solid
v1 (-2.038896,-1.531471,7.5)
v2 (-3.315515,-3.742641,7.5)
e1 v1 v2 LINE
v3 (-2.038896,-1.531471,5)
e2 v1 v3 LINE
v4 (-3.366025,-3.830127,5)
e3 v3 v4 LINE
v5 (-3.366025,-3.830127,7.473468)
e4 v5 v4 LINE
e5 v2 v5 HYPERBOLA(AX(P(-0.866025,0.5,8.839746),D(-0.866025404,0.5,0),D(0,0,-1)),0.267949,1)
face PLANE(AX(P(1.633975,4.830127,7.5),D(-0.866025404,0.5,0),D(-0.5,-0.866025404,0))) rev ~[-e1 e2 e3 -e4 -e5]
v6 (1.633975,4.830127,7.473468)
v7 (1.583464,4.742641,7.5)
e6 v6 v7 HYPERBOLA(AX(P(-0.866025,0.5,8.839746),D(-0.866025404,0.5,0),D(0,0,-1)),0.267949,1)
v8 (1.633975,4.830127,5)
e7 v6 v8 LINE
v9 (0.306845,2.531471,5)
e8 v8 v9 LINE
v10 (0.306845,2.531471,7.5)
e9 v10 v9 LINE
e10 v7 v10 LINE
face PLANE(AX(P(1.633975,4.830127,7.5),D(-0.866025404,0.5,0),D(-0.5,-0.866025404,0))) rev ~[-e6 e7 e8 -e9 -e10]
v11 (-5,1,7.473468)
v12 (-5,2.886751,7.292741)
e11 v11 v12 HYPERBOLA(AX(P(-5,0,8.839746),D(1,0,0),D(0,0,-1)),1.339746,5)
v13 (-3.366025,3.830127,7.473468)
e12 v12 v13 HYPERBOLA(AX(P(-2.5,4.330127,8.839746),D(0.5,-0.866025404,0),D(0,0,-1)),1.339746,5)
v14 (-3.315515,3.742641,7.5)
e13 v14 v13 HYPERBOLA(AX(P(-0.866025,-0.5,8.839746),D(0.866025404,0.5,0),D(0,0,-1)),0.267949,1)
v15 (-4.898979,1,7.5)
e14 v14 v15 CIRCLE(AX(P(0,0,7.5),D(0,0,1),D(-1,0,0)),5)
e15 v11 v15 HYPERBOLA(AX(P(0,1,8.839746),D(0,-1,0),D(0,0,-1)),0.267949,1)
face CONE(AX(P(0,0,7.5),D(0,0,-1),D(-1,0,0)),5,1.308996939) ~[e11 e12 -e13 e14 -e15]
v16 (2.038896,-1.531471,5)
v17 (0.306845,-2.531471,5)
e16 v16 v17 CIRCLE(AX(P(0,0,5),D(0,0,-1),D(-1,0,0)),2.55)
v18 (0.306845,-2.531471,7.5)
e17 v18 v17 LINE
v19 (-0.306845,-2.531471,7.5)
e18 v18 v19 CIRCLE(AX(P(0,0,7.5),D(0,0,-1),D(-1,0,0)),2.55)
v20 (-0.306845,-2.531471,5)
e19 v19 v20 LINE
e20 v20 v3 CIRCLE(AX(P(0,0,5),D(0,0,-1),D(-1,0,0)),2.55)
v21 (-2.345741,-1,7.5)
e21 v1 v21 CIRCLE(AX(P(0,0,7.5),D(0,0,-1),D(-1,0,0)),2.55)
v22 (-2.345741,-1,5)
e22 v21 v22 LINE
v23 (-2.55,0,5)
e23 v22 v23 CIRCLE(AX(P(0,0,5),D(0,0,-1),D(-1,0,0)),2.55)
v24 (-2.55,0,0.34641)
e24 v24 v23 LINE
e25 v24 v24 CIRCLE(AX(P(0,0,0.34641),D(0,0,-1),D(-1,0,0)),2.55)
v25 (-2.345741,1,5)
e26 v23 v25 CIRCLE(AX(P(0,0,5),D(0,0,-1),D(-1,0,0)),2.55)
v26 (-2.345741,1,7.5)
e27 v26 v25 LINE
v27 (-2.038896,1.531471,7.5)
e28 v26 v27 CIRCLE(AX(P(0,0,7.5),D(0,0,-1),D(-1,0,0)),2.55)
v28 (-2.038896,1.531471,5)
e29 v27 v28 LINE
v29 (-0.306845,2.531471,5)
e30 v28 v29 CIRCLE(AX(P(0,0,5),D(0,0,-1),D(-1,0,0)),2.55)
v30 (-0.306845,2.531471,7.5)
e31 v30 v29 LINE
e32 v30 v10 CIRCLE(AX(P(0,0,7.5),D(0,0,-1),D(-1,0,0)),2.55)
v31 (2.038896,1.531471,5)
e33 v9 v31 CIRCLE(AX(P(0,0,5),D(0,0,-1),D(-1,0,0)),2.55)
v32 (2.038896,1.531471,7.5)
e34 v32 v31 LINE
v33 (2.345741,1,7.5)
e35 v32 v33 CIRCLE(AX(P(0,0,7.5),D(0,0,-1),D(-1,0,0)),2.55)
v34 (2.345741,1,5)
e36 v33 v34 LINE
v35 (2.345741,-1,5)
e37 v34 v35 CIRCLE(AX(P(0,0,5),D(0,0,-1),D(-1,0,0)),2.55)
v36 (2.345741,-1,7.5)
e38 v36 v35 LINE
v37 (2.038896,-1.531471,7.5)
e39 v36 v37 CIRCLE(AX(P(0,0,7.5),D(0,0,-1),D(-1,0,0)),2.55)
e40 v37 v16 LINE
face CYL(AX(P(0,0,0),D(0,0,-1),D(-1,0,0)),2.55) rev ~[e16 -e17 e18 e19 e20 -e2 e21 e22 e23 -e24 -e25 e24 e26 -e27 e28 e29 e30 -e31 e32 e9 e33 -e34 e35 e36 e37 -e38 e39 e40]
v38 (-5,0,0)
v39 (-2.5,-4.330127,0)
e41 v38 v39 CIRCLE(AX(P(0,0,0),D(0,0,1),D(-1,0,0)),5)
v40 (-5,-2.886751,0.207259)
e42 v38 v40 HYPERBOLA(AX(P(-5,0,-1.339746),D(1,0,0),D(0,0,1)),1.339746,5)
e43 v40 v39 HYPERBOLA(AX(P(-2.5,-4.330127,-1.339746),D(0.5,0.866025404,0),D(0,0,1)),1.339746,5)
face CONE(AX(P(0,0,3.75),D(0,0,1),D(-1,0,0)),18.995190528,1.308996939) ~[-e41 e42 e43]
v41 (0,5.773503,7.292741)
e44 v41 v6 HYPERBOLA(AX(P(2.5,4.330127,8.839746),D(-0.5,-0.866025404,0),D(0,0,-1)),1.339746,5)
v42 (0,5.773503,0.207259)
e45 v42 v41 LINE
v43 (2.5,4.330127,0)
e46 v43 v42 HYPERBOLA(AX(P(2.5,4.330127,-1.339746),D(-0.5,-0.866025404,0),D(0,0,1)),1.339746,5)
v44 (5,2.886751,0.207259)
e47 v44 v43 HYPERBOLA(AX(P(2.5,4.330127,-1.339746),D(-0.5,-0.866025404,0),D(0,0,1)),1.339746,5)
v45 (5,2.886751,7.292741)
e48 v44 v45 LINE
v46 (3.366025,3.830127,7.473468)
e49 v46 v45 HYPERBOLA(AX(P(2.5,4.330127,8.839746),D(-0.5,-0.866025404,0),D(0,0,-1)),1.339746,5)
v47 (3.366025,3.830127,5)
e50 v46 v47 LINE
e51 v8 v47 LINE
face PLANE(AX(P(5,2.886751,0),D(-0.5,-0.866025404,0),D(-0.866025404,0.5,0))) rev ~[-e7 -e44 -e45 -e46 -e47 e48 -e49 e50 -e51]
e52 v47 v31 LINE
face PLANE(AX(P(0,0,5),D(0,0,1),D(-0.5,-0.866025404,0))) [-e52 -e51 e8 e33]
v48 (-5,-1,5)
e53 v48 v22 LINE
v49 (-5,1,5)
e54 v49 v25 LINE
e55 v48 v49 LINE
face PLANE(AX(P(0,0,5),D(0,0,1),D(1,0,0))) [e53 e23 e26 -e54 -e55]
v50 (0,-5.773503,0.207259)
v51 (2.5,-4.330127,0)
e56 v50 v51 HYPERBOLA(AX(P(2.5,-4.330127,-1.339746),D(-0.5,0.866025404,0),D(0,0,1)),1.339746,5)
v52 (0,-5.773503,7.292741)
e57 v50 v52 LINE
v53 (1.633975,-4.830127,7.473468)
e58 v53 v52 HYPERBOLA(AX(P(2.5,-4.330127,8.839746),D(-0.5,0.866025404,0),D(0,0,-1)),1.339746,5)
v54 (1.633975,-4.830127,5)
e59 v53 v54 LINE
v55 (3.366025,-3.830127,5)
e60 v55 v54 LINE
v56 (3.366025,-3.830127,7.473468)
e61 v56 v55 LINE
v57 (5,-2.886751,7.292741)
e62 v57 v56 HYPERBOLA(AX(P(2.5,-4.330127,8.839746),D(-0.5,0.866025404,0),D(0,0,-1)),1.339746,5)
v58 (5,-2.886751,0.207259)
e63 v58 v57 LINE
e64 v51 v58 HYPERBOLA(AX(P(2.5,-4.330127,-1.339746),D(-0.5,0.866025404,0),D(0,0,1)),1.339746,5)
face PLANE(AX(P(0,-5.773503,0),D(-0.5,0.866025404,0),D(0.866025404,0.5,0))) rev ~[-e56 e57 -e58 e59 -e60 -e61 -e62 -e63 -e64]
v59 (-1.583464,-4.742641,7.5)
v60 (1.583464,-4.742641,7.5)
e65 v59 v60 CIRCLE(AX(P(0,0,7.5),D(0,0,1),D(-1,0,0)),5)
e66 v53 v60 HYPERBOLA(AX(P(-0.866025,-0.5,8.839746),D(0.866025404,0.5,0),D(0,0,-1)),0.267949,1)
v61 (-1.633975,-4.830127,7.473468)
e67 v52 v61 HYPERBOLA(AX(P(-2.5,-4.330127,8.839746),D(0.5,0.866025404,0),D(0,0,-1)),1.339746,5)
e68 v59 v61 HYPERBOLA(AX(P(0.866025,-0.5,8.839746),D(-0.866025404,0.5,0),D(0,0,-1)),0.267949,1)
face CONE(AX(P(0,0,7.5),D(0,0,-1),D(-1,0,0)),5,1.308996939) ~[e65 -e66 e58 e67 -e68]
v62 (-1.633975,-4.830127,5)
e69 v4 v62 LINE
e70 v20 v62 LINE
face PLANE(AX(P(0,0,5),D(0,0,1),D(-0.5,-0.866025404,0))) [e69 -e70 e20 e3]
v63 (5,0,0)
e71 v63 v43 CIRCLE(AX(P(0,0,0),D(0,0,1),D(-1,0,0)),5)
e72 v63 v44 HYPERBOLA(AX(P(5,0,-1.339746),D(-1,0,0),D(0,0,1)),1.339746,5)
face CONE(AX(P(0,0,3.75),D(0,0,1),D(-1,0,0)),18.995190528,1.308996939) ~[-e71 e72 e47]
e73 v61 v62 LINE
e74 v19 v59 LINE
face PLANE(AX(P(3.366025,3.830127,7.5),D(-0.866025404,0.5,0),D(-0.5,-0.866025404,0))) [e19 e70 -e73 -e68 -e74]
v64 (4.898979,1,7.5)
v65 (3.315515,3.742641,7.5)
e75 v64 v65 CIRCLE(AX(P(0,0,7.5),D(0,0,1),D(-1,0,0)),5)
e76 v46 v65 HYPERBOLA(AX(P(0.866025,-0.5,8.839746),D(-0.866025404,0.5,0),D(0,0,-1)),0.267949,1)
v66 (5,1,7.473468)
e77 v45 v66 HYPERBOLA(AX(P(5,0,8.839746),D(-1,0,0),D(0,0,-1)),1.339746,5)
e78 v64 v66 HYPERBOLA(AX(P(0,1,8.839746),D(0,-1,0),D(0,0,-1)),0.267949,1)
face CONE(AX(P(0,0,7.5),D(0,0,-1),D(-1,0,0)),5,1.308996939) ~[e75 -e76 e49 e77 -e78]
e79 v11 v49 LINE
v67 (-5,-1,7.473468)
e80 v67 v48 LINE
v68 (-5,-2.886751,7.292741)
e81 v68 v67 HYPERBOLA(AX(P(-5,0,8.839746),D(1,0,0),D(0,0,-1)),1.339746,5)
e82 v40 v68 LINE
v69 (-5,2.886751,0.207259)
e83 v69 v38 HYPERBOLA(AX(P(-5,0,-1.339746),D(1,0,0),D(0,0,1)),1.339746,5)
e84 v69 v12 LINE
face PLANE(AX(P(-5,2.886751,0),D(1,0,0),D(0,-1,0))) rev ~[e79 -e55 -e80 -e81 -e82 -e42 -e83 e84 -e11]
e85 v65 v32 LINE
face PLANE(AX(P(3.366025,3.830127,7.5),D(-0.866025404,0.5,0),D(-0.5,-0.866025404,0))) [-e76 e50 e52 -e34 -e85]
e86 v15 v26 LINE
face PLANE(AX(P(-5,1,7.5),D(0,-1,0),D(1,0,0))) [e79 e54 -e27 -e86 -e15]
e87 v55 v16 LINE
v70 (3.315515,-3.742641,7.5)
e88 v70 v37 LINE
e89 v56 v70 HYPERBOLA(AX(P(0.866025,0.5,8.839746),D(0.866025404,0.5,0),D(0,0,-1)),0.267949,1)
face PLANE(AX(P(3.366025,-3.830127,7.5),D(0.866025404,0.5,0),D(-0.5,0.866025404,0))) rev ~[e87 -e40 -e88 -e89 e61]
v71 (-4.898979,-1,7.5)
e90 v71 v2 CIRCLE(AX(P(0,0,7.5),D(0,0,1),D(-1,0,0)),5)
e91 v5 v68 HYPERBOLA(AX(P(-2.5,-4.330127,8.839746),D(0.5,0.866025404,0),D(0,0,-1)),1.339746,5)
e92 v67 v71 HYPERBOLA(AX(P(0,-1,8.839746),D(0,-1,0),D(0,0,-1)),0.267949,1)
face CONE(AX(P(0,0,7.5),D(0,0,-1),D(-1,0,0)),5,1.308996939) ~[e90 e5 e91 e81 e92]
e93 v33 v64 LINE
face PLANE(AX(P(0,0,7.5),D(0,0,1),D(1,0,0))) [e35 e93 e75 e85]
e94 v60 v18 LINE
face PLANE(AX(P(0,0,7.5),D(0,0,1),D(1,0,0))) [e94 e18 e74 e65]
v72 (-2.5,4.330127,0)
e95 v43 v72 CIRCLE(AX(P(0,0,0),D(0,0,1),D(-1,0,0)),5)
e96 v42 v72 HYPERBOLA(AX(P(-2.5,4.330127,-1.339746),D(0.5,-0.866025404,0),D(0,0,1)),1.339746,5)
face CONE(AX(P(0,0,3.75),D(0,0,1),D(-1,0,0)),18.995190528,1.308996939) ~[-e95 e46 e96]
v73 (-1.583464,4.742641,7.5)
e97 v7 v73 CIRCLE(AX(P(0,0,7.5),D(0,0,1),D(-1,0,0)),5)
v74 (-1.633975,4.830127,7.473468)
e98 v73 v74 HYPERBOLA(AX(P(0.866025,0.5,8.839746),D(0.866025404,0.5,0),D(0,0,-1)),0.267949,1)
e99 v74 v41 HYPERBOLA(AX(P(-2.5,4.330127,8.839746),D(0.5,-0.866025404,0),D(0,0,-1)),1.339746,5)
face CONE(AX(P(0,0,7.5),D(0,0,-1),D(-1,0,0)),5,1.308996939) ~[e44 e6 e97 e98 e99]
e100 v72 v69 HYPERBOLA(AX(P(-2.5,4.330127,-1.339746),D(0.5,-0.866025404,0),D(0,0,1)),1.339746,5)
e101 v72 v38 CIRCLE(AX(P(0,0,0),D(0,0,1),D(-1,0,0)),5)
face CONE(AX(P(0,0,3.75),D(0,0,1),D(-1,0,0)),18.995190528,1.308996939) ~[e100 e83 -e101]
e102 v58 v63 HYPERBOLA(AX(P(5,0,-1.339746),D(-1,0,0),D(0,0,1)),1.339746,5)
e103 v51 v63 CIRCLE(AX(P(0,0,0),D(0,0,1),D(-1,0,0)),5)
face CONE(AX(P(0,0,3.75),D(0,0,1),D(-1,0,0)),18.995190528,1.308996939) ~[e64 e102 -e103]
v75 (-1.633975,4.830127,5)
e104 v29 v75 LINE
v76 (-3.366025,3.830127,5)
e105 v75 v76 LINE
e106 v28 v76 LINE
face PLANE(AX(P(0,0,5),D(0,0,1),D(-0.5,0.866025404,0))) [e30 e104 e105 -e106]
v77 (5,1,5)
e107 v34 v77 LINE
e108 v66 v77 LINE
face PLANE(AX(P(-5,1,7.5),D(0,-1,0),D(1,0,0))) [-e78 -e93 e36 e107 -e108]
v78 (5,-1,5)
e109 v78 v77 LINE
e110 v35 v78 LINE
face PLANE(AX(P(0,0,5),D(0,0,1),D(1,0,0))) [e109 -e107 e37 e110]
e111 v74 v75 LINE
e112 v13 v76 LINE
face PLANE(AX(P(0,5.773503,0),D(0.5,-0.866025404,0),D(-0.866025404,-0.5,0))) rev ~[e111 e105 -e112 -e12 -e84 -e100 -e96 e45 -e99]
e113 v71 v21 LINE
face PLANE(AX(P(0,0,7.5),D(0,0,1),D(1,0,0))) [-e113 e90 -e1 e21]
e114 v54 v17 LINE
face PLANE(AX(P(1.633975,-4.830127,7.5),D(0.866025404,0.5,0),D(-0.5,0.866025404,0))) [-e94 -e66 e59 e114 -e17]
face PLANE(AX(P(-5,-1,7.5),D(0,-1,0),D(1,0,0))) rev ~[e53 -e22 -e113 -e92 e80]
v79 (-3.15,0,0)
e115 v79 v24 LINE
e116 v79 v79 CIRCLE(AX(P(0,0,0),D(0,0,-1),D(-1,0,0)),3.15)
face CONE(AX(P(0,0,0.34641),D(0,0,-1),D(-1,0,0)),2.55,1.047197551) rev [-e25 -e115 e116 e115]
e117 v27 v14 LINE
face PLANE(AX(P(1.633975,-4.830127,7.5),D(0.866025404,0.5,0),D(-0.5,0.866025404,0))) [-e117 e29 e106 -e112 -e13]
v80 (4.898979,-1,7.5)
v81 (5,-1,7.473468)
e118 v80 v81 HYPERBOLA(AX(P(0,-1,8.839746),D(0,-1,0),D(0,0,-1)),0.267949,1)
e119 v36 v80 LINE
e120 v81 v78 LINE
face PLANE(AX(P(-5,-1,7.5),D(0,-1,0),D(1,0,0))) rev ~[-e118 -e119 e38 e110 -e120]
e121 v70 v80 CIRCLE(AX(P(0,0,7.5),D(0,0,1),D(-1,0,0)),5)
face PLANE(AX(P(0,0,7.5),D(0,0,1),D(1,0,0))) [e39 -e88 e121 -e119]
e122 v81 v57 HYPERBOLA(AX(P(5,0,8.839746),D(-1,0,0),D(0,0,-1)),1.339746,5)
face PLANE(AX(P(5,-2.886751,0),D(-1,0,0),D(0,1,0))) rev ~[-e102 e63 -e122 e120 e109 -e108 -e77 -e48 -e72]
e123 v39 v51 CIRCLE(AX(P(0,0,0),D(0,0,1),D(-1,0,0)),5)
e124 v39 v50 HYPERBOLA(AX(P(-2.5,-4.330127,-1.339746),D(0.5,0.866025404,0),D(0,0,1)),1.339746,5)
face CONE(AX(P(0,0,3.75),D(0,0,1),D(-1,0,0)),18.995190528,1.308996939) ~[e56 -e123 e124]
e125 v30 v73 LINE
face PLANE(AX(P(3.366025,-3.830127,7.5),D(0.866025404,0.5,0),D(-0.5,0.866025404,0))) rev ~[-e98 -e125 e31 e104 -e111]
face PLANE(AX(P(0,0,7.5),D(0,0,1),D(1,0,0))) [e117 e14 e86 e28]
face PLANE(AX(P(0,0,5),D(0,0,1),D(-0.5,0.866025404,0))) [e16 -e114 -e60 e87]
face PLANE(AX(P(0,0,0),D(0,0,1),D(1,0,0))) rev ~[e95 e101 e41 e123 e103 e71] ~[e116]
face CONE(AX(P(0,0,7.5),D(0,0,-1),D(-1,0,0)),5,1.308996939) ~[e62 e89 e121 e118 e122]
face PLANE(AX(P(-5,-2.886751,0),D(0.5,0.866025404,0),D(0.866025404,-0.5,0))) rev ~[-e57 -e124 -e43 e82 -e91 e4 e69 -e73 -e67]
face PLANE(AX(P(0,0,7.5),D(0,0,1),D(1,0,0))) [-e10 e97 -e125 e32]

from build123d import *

# Parameters (mm, degrees)
VYSUNOUT1_DEPTH          = 7.5
SKICA4_R                 = 2.55
ODEBRAT_VYSUNUT_M1_DEPTH = 11.704360482
SKICA5_W                 = 10
SKICA5_H                 = 2
ODEBRAT_VYSUNUT_M2_DEPTH = 2.5
KRUHOV_POLE1_COUNT       = 3
ZKOSIT1_SIZE             = 0.6
ZKOSIT1_SIZE2            = 0.346410162


with BuildPart() as part:
    # Skica1 → Vysunout1 (new body)
    with BuildSketch(Plane.XY):
        Polygon((5, -2.886751346), (5, 2.886751346), (0, 5.773502692), (-5, 2.886751346), (-5, -2.886751346), (0, -5.773502692), align=None)
    extrude(amount=VYSUNOUT1_DEPTH)

    # Skica3 → Odebrat otočením1 (revolve, cut)
    with BuildSketch(Plane(origin=(0, 0, 0), x_dir=(1, 0, 0), z_dir=(0, 1, 0))):
        Polygon((-18.995190528, -3.75), (-5, 0), (-18.995190528, 0), align=None)
        Polygon((-5, -7.5), (-18.995190528, -3.75), (-18.995190528, -7.5), align=None)
    revolve(axis=Axis((0, 0, 0), (0, 0, 1)), mode=Mode.SUBTRACT)

    # Skica4 → Odebrat vysunutím1 (cut, through all)
    with BuildSketch(Plane(origin=(0, 0, 0), x_dir=(-1, 0, 0), z_dir=(0, 0, -1))):
        Circle(SKICA4_R)
    extrude(amount=-ODEBRAT_VYSUNUT_M1_DEPTH, mode=Mode.SUBTRACT)

    # Skica5 → Odebrat vysunutím2 (cut)
    with BuildSketch(Plane.XY.offset(7.5)):
        Rectangle(SKICA5_W, SKICA5_H)
    odebrat_vysunut_m2 = extrude(amount=-ODEBRAT_VYSUNUT_M2_DEPTH, mode=Mode.SUBTRACT)

    # Kruhové pole1: Odebrat vysunutím2 ×3 about axis
    kruhov_pole1_axis = Axis((0, 0, 0), (0, 0, 1))
    for i in range(1, KRUHOV_POLE1_COUNT):
        add(odebrat_vysunut_m2.rotate(kruhov_pole1_axis, i * 360 / KRUHOV_POLE1_COUNT), mode=Mode.SUBTRACT)

    # Zkosit1
    zkosit1_edges = [part.edges().sort_by_distance(p)[0] for p in [
        (2.55, 0, 0),
    ]]
    zkosit1_side = [part.faces().sort_by_distance(p)[0] for p in [
        (4.207652448, -2.429289467, 0),
    ]]
    chamfer(zkosit1_edges, length=ZKOSIT1_SIZE, length2=ZKOSIT1_SIZE2, reference=zkosit1_side[0])


solid = part.part
